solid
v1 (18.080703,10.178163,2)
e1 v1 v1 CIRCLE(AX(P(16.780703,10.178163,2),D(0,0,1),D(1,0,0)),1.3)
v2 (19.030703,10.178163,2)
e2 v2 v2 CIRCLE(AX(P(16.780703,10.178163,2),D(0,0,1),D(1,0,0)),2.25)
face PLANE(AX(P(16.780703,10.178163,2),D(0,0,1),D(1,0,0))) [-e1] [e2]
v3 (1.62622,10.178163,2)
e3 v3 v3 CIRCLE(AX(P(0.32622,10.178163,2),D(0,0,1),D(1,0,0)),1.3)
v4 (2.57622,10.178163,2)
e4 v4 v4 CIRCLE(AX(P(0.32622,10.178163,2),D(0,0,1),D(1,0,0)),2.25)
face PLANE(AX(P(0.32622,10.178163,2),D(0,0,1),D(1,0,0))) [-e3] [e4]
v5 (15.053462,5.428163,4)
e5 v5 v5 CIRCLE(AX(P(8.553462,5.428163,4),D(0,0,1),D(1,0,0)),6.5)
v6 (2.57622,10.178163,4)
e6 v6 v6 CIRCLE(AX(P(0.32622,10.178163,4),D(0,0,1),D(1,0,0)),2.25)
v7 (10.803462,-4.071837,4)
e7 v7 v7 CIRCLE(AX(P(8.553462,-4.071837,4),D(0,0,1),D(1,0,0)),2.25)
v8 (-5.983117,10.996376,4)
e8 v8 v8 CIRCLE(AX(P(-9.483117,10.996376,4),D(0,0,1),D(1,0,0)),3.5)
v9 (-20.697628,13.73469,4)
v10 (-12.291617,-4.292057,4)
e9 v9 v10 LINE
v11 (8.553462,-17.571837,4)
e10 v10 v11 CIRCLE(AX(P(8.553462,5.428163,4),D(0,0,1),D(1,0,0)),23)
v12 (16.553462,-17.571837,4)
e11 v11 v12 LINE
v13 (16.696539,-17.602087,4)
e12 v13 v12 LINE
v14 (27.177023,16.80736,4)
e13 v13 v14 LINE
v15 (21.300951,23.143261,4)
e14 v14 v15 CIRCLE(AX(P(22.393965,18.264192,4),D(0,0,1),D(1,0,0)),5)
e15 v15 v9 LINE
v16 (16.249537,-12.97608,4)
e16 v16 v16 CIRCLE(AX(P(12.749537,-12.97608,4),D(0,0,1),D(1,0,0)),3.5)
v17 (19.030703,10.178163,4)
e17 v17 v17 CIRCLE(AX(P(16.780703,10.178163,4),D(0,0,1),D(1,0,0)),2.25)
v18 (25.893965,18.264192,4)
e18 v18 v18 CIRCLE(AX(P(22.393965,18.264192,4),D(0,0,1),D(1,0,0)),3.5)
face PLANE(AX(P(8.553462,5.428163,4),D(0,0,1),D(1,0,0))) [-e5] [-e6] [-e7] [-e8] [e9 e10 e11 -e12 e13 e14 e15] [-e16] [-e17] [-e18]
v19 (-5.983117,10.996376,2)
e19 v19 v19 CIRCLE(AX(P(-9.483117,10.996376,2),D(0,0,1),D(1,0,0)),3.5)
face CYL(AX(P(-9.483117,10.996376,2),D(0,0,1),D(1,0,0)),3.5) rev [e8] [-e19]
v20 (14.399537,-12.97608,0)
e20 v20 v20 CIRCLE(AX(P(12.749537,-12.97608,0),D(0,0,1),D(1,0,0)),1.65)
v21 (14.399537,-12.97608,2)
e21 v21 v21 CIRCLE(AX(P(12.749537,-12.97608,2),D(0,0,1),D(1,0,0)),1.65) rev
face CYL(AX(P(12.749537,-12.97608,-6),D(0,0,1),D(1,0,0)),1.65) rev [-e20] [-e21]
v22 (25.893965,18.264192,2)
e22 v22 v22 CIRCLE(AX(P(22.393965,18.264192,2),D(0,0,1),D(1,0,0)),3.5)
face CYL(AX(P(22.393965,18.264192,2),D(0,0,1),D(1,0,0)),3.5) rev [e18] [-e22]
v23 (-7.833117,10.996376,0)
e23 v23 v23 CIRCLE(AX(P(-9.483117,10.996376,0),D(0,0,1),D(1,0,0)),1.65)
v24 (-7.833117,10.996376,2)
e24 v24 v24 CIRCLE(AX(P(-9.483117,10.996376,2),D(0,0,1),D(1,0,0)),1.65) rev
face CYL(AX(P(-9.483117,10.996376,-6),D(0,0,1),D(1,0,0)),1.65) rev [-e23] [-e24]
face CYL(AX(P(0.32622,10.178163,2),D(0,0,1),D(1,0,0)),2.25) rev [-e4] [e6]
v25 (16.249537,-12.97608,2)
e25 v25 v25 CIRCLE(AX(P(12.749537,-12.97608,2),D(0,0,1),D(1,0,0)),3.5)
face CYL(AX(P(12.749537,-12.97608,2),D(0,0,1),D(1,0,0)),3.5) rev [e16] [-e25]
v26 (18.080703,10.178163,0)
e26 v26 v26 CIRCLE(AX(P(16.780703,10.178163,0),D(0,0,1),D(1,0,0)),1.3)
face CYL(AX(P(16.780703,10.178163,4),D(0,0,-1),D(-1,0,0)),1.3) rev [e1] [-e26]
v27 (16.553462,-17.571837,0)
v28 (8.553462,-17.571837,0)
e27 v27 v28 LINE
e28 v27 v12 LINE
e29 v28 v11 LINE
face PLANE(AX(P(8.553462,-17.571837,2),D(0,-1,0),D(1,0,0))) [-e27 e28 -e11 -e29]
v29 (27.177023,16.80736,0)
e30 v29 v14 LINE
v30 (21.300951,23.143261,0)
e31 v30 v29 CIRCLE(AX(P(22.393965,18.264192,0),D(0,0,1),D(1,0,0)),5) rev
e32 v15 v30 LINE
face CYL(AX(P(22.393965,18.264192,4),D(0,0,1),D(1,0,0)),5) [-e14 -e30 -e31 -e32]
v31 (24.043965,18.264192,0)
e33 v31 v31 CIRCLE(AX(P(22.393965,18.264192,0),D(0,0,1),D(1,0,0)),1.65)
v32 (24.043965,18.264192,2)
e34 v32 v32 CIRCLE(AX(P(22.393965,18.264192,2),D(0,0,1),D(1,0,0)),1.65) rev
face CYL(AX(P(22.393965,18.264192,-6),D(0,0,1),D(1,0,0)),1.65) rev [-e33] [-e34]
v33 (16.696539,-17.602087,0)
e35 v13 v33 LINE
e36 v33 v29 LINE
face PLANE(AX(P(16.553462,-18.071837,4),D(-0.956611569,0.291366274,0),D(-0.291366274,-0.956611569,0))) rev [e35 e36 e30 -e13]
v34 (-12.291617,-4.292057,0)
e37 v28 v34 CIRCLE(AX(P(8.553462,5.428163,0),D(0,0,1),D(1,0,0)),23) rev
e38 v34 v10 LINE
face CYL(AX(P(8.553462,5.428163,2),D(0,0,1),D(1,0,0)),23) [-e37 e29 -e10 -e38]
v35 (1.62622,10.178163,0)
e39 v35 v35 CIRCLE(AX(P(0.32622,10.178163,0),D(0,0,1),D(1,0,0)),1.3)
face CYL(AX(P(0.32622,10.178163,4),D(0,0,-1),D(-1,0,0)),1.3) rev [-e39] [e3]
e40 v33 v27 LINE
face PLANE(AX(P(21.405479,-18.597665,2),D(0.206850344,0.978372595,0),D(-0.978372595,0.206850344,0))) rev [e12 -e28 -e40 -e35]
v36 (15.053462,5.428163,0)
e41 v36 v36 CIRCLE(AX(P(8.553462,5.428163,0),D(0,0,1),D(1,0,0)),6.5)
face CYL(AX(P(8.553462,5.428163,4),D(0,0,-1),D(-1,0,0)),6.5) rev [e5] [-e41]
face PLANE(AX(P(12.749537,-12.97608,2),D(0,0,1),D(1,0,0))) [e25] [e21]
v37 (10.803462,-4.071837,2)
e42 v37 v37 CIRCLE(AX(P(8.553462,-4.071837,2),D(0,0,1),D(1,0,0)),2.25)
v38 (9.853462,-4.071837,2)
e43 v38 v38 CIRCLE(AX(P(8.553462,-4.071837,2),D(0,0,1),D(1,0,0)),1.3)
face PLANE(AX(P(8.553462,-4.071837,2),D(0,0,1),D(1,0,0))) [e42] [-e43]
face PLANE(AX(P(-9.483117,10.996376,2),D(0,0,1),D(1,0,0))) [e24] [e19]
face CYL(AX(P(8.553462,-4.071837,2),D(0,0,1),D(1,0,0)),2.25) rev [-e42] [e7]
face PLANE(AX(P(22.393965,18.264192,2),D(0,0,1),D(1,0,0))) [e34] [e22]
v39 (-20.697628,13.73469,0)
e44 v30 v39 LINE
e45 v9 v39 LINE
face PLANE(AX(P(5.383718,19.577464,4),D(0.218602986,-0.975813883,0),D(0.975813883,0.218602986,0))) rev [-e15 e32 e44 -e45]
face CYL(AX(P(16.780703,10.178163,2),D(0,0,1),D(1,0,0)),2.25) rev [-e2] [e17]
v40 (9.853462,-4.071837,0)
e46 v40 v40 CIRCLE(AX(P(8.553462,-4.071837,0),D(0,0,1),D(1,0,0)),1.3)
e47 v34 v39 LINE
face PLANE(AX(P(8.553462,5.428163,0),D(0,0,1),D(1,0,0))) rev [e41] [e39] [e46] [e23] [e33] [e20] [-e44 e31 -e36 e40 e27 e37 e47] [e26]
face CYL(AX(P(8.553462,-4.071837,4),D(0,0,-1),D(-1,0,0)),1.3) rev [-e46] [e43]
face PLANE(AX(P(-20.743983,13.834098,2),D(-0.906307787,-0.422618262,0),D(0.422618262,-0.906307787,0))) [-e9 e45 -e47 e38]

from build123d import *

# Parameters (mm, degrees)
SKETCH_1_R          = 1.3
SKETCH_1_R_2        = 6.5
EXTRUDE_1_DEPTH     = 4
CUT_EXTRUDE_1_DEPTH = 2
CUT_EXTRUDE_2_DEPTH = 10
EXTRUDE_START       = -4
EXTRUDE_2_DEPTH     = 4
FILLET_1_R          = 5
SKETCH_5_R          = 1.65
CUT_EXTRUDE_3_DEPTH = 10
SKETCH_6_R          = 3.5
SKETCH_6_R_2        = 2.25
CUT_EXTRUDE_4_DEPTH = 2


with BuildPart() as part:
    # 草图1 → 凸台-拉伸1 (new body)
    with BuildSketch(Plane.XY):
        with BuildLine():
            Line((8.553461717, -18.071837398), (16.553461717, -18.071837398))
            Line((16.553461717, -18.071837398), (22.424329469, 1.203351624))
            ThreePointArc((22.424329469, 1.203351624), (19.185042818, 15.288156683), (5.383718421, 19.577463907))
            Line((5.383718421, 19.577463907), (-21.197136513, 13.622789192))
            Line((-21.197136513, 13.622789192), (-12.744771278, -4.503366549))
            ThreePointArc((-12.744771278, -4.503366549), (-4.073079079, -14.391536375), (8.553461717, -18.071837398))
        make_face()
        with Locations((16.780703053, 10.178162602)):
            Circle(SKETCH_1_R, mode=Mode.SUBTRACT)
        with Locations((8.553461717, -4.071837398)):
            Circle(SKETCH_1_R, mode=Mode.SUBTRACT)
        with Locations((8.553461717, 5.428162602)):
            Circle(SKETCH_1_R_2, mode=Mode.SUBTRACT)
        with Locations((0.326220381, 10.178162602)):
            Circle(SKETCH_1_R, mode=Mode.SUBTRACT)
    extrude(amount=EXTRUDE_1_DEPTH)

    # 草图2 → 切除-拉伸1 (cut)
    with BuildSketch(Plane.XY.offset(4)):
        with BuildLine():
            Line((-20.74398262, 13.834098323), (-26.791770356, 13.834098323))
            Line((-26.791770356, 13.834098323), (-7.810487919, -16.678792008))
            Line((-7.810487919, -16.678792008), (17.290442954, -20.516537637))
            Line((17.290442954, -20.516537637), (21.405478984, -18.597664823))
            Line((21.405478984, -18.597664823), (16.553461717, -17.571837398))
            Line((16.553461717, -17.571837398), (8.553461717, -17.571837398))
            ThreePointArc((8.553461717, -17.571837398), (-3.804429275, -13.969840652), (-12.291617385, -4.292057418))
            Line((-12.291617385, -4.292057418), (-20.74398262, 13.834098323))
        make_face()
    extrude(amount=-CUT_EXTRUDE_1_DEPTH, mode=Mode.SUBTRACT)

    # 草图3 → 切除-拉伸2 (cut)
    with BuildSketch(Plane.XY.offset(4)):
        with BuildLine():
            Line((16.553461717, -18.071837398), (16.696538979, -17.602087204))
            Line((16.696538979, -17.602087204), (16.553461717, -17.571837398))
            Line((16.553461717, -17.571837398), (8.553461717, -17.571837398))
            ThreePointArc((8.553461717, -17.571837398), (-3.804429275, -13.969840652), (-12.291617385, -4.292057418))
            Line((-12.291617385, -4.292057418), (-20.697627647, 13.734689762))
            Line((-20.697627647, 13.734689762), (-21.197136513, 13.622789192))
            Line((-21.197136513, 13.622789192), (-12.744771278, -4.503366549))
            ThreePointArc((-12.744771278, -4.503366549), (-4.073079079, -14.391536375), (8.553461717, -18.071837398))
            Line((8.553461717, -18.071837398), (16.553461717, -18.071837398))
        make_face()
    extrude(amount=-CUT_EXTRUDE_2_DEPTH, mode=Mode.SUBTRACT)

    # 草图4 → 凸台-拉伸2 (add)
    with BuildSketch(Plane.XY.offset(4).offset(EXTRUDE_START)):
        with BuildLine():
            Line((5.383718421, 19.577463907), (29.678441091, 25.019996556))
            Line((29.678441091, 25.019996556), (22.424329469, 1.203351624))
            ThreePointArc((22.424329469, 1.203351624), (19.185042818, 15.288156683), (5.383718421, 19.577463907))
        make_face()
    extrude(amount=EXTRUDE_2_DEPTH)

    # 圆角1
    fillet_1_edges = [part.edges().sort_by_distance(p)[0] for p in [
        (29.678441091, 25.019996556, 2),
    ]]
    fillet(fillet_1_edges, radius=FILLET_1_R)

    # 草图5 → 切除-拉伸3 (cut)
    with BuildSketch(Plane.XY.offset(4)):
        with Locations((22.393965445, 18.264191744)):
            Circle(SKETCH_5_R)
        with Locations((-9.483117468, 10.99637586)):
            Circle(SKETCH_5_R)
        with Locations((12.749537174, -12.976079799)):
            Circle(SKETCH_5_R)
    extrude(amount=-CUT_EXTRUDE_3_DEPTH, mode=Mode.SUBTRACT)

    # 草图6 → 切除-拉伸4 (cut)
    with BuildSketch(Plane.XY.offset(4)):
        with Locations((22.393965445, 18.264191744)):
            Circle(SKETCH_6_R)
        with Locations((-9.483117468, 10.99637586)):
            Circle(SKETCH_6_R)
        with Locations((12.749537174, -12.976079799)):
            Circle(SKETCH_6_R)
        with Locations((8.553461717, -4.071837398)):
            Circle(SKETCH_6_R_2)
        with Locations((16.780703053, 10.178162602)):
            Circle(SKETCH_6_R_2)
        with Locations((0.326220381, 10.178162602)):
            Circle(SKETCH_6_R_2)
    extrude(amount=-CUT_EXTRUDE_4_DEPTH, mode=Mode.SUBTRACT)


solid = part.part
